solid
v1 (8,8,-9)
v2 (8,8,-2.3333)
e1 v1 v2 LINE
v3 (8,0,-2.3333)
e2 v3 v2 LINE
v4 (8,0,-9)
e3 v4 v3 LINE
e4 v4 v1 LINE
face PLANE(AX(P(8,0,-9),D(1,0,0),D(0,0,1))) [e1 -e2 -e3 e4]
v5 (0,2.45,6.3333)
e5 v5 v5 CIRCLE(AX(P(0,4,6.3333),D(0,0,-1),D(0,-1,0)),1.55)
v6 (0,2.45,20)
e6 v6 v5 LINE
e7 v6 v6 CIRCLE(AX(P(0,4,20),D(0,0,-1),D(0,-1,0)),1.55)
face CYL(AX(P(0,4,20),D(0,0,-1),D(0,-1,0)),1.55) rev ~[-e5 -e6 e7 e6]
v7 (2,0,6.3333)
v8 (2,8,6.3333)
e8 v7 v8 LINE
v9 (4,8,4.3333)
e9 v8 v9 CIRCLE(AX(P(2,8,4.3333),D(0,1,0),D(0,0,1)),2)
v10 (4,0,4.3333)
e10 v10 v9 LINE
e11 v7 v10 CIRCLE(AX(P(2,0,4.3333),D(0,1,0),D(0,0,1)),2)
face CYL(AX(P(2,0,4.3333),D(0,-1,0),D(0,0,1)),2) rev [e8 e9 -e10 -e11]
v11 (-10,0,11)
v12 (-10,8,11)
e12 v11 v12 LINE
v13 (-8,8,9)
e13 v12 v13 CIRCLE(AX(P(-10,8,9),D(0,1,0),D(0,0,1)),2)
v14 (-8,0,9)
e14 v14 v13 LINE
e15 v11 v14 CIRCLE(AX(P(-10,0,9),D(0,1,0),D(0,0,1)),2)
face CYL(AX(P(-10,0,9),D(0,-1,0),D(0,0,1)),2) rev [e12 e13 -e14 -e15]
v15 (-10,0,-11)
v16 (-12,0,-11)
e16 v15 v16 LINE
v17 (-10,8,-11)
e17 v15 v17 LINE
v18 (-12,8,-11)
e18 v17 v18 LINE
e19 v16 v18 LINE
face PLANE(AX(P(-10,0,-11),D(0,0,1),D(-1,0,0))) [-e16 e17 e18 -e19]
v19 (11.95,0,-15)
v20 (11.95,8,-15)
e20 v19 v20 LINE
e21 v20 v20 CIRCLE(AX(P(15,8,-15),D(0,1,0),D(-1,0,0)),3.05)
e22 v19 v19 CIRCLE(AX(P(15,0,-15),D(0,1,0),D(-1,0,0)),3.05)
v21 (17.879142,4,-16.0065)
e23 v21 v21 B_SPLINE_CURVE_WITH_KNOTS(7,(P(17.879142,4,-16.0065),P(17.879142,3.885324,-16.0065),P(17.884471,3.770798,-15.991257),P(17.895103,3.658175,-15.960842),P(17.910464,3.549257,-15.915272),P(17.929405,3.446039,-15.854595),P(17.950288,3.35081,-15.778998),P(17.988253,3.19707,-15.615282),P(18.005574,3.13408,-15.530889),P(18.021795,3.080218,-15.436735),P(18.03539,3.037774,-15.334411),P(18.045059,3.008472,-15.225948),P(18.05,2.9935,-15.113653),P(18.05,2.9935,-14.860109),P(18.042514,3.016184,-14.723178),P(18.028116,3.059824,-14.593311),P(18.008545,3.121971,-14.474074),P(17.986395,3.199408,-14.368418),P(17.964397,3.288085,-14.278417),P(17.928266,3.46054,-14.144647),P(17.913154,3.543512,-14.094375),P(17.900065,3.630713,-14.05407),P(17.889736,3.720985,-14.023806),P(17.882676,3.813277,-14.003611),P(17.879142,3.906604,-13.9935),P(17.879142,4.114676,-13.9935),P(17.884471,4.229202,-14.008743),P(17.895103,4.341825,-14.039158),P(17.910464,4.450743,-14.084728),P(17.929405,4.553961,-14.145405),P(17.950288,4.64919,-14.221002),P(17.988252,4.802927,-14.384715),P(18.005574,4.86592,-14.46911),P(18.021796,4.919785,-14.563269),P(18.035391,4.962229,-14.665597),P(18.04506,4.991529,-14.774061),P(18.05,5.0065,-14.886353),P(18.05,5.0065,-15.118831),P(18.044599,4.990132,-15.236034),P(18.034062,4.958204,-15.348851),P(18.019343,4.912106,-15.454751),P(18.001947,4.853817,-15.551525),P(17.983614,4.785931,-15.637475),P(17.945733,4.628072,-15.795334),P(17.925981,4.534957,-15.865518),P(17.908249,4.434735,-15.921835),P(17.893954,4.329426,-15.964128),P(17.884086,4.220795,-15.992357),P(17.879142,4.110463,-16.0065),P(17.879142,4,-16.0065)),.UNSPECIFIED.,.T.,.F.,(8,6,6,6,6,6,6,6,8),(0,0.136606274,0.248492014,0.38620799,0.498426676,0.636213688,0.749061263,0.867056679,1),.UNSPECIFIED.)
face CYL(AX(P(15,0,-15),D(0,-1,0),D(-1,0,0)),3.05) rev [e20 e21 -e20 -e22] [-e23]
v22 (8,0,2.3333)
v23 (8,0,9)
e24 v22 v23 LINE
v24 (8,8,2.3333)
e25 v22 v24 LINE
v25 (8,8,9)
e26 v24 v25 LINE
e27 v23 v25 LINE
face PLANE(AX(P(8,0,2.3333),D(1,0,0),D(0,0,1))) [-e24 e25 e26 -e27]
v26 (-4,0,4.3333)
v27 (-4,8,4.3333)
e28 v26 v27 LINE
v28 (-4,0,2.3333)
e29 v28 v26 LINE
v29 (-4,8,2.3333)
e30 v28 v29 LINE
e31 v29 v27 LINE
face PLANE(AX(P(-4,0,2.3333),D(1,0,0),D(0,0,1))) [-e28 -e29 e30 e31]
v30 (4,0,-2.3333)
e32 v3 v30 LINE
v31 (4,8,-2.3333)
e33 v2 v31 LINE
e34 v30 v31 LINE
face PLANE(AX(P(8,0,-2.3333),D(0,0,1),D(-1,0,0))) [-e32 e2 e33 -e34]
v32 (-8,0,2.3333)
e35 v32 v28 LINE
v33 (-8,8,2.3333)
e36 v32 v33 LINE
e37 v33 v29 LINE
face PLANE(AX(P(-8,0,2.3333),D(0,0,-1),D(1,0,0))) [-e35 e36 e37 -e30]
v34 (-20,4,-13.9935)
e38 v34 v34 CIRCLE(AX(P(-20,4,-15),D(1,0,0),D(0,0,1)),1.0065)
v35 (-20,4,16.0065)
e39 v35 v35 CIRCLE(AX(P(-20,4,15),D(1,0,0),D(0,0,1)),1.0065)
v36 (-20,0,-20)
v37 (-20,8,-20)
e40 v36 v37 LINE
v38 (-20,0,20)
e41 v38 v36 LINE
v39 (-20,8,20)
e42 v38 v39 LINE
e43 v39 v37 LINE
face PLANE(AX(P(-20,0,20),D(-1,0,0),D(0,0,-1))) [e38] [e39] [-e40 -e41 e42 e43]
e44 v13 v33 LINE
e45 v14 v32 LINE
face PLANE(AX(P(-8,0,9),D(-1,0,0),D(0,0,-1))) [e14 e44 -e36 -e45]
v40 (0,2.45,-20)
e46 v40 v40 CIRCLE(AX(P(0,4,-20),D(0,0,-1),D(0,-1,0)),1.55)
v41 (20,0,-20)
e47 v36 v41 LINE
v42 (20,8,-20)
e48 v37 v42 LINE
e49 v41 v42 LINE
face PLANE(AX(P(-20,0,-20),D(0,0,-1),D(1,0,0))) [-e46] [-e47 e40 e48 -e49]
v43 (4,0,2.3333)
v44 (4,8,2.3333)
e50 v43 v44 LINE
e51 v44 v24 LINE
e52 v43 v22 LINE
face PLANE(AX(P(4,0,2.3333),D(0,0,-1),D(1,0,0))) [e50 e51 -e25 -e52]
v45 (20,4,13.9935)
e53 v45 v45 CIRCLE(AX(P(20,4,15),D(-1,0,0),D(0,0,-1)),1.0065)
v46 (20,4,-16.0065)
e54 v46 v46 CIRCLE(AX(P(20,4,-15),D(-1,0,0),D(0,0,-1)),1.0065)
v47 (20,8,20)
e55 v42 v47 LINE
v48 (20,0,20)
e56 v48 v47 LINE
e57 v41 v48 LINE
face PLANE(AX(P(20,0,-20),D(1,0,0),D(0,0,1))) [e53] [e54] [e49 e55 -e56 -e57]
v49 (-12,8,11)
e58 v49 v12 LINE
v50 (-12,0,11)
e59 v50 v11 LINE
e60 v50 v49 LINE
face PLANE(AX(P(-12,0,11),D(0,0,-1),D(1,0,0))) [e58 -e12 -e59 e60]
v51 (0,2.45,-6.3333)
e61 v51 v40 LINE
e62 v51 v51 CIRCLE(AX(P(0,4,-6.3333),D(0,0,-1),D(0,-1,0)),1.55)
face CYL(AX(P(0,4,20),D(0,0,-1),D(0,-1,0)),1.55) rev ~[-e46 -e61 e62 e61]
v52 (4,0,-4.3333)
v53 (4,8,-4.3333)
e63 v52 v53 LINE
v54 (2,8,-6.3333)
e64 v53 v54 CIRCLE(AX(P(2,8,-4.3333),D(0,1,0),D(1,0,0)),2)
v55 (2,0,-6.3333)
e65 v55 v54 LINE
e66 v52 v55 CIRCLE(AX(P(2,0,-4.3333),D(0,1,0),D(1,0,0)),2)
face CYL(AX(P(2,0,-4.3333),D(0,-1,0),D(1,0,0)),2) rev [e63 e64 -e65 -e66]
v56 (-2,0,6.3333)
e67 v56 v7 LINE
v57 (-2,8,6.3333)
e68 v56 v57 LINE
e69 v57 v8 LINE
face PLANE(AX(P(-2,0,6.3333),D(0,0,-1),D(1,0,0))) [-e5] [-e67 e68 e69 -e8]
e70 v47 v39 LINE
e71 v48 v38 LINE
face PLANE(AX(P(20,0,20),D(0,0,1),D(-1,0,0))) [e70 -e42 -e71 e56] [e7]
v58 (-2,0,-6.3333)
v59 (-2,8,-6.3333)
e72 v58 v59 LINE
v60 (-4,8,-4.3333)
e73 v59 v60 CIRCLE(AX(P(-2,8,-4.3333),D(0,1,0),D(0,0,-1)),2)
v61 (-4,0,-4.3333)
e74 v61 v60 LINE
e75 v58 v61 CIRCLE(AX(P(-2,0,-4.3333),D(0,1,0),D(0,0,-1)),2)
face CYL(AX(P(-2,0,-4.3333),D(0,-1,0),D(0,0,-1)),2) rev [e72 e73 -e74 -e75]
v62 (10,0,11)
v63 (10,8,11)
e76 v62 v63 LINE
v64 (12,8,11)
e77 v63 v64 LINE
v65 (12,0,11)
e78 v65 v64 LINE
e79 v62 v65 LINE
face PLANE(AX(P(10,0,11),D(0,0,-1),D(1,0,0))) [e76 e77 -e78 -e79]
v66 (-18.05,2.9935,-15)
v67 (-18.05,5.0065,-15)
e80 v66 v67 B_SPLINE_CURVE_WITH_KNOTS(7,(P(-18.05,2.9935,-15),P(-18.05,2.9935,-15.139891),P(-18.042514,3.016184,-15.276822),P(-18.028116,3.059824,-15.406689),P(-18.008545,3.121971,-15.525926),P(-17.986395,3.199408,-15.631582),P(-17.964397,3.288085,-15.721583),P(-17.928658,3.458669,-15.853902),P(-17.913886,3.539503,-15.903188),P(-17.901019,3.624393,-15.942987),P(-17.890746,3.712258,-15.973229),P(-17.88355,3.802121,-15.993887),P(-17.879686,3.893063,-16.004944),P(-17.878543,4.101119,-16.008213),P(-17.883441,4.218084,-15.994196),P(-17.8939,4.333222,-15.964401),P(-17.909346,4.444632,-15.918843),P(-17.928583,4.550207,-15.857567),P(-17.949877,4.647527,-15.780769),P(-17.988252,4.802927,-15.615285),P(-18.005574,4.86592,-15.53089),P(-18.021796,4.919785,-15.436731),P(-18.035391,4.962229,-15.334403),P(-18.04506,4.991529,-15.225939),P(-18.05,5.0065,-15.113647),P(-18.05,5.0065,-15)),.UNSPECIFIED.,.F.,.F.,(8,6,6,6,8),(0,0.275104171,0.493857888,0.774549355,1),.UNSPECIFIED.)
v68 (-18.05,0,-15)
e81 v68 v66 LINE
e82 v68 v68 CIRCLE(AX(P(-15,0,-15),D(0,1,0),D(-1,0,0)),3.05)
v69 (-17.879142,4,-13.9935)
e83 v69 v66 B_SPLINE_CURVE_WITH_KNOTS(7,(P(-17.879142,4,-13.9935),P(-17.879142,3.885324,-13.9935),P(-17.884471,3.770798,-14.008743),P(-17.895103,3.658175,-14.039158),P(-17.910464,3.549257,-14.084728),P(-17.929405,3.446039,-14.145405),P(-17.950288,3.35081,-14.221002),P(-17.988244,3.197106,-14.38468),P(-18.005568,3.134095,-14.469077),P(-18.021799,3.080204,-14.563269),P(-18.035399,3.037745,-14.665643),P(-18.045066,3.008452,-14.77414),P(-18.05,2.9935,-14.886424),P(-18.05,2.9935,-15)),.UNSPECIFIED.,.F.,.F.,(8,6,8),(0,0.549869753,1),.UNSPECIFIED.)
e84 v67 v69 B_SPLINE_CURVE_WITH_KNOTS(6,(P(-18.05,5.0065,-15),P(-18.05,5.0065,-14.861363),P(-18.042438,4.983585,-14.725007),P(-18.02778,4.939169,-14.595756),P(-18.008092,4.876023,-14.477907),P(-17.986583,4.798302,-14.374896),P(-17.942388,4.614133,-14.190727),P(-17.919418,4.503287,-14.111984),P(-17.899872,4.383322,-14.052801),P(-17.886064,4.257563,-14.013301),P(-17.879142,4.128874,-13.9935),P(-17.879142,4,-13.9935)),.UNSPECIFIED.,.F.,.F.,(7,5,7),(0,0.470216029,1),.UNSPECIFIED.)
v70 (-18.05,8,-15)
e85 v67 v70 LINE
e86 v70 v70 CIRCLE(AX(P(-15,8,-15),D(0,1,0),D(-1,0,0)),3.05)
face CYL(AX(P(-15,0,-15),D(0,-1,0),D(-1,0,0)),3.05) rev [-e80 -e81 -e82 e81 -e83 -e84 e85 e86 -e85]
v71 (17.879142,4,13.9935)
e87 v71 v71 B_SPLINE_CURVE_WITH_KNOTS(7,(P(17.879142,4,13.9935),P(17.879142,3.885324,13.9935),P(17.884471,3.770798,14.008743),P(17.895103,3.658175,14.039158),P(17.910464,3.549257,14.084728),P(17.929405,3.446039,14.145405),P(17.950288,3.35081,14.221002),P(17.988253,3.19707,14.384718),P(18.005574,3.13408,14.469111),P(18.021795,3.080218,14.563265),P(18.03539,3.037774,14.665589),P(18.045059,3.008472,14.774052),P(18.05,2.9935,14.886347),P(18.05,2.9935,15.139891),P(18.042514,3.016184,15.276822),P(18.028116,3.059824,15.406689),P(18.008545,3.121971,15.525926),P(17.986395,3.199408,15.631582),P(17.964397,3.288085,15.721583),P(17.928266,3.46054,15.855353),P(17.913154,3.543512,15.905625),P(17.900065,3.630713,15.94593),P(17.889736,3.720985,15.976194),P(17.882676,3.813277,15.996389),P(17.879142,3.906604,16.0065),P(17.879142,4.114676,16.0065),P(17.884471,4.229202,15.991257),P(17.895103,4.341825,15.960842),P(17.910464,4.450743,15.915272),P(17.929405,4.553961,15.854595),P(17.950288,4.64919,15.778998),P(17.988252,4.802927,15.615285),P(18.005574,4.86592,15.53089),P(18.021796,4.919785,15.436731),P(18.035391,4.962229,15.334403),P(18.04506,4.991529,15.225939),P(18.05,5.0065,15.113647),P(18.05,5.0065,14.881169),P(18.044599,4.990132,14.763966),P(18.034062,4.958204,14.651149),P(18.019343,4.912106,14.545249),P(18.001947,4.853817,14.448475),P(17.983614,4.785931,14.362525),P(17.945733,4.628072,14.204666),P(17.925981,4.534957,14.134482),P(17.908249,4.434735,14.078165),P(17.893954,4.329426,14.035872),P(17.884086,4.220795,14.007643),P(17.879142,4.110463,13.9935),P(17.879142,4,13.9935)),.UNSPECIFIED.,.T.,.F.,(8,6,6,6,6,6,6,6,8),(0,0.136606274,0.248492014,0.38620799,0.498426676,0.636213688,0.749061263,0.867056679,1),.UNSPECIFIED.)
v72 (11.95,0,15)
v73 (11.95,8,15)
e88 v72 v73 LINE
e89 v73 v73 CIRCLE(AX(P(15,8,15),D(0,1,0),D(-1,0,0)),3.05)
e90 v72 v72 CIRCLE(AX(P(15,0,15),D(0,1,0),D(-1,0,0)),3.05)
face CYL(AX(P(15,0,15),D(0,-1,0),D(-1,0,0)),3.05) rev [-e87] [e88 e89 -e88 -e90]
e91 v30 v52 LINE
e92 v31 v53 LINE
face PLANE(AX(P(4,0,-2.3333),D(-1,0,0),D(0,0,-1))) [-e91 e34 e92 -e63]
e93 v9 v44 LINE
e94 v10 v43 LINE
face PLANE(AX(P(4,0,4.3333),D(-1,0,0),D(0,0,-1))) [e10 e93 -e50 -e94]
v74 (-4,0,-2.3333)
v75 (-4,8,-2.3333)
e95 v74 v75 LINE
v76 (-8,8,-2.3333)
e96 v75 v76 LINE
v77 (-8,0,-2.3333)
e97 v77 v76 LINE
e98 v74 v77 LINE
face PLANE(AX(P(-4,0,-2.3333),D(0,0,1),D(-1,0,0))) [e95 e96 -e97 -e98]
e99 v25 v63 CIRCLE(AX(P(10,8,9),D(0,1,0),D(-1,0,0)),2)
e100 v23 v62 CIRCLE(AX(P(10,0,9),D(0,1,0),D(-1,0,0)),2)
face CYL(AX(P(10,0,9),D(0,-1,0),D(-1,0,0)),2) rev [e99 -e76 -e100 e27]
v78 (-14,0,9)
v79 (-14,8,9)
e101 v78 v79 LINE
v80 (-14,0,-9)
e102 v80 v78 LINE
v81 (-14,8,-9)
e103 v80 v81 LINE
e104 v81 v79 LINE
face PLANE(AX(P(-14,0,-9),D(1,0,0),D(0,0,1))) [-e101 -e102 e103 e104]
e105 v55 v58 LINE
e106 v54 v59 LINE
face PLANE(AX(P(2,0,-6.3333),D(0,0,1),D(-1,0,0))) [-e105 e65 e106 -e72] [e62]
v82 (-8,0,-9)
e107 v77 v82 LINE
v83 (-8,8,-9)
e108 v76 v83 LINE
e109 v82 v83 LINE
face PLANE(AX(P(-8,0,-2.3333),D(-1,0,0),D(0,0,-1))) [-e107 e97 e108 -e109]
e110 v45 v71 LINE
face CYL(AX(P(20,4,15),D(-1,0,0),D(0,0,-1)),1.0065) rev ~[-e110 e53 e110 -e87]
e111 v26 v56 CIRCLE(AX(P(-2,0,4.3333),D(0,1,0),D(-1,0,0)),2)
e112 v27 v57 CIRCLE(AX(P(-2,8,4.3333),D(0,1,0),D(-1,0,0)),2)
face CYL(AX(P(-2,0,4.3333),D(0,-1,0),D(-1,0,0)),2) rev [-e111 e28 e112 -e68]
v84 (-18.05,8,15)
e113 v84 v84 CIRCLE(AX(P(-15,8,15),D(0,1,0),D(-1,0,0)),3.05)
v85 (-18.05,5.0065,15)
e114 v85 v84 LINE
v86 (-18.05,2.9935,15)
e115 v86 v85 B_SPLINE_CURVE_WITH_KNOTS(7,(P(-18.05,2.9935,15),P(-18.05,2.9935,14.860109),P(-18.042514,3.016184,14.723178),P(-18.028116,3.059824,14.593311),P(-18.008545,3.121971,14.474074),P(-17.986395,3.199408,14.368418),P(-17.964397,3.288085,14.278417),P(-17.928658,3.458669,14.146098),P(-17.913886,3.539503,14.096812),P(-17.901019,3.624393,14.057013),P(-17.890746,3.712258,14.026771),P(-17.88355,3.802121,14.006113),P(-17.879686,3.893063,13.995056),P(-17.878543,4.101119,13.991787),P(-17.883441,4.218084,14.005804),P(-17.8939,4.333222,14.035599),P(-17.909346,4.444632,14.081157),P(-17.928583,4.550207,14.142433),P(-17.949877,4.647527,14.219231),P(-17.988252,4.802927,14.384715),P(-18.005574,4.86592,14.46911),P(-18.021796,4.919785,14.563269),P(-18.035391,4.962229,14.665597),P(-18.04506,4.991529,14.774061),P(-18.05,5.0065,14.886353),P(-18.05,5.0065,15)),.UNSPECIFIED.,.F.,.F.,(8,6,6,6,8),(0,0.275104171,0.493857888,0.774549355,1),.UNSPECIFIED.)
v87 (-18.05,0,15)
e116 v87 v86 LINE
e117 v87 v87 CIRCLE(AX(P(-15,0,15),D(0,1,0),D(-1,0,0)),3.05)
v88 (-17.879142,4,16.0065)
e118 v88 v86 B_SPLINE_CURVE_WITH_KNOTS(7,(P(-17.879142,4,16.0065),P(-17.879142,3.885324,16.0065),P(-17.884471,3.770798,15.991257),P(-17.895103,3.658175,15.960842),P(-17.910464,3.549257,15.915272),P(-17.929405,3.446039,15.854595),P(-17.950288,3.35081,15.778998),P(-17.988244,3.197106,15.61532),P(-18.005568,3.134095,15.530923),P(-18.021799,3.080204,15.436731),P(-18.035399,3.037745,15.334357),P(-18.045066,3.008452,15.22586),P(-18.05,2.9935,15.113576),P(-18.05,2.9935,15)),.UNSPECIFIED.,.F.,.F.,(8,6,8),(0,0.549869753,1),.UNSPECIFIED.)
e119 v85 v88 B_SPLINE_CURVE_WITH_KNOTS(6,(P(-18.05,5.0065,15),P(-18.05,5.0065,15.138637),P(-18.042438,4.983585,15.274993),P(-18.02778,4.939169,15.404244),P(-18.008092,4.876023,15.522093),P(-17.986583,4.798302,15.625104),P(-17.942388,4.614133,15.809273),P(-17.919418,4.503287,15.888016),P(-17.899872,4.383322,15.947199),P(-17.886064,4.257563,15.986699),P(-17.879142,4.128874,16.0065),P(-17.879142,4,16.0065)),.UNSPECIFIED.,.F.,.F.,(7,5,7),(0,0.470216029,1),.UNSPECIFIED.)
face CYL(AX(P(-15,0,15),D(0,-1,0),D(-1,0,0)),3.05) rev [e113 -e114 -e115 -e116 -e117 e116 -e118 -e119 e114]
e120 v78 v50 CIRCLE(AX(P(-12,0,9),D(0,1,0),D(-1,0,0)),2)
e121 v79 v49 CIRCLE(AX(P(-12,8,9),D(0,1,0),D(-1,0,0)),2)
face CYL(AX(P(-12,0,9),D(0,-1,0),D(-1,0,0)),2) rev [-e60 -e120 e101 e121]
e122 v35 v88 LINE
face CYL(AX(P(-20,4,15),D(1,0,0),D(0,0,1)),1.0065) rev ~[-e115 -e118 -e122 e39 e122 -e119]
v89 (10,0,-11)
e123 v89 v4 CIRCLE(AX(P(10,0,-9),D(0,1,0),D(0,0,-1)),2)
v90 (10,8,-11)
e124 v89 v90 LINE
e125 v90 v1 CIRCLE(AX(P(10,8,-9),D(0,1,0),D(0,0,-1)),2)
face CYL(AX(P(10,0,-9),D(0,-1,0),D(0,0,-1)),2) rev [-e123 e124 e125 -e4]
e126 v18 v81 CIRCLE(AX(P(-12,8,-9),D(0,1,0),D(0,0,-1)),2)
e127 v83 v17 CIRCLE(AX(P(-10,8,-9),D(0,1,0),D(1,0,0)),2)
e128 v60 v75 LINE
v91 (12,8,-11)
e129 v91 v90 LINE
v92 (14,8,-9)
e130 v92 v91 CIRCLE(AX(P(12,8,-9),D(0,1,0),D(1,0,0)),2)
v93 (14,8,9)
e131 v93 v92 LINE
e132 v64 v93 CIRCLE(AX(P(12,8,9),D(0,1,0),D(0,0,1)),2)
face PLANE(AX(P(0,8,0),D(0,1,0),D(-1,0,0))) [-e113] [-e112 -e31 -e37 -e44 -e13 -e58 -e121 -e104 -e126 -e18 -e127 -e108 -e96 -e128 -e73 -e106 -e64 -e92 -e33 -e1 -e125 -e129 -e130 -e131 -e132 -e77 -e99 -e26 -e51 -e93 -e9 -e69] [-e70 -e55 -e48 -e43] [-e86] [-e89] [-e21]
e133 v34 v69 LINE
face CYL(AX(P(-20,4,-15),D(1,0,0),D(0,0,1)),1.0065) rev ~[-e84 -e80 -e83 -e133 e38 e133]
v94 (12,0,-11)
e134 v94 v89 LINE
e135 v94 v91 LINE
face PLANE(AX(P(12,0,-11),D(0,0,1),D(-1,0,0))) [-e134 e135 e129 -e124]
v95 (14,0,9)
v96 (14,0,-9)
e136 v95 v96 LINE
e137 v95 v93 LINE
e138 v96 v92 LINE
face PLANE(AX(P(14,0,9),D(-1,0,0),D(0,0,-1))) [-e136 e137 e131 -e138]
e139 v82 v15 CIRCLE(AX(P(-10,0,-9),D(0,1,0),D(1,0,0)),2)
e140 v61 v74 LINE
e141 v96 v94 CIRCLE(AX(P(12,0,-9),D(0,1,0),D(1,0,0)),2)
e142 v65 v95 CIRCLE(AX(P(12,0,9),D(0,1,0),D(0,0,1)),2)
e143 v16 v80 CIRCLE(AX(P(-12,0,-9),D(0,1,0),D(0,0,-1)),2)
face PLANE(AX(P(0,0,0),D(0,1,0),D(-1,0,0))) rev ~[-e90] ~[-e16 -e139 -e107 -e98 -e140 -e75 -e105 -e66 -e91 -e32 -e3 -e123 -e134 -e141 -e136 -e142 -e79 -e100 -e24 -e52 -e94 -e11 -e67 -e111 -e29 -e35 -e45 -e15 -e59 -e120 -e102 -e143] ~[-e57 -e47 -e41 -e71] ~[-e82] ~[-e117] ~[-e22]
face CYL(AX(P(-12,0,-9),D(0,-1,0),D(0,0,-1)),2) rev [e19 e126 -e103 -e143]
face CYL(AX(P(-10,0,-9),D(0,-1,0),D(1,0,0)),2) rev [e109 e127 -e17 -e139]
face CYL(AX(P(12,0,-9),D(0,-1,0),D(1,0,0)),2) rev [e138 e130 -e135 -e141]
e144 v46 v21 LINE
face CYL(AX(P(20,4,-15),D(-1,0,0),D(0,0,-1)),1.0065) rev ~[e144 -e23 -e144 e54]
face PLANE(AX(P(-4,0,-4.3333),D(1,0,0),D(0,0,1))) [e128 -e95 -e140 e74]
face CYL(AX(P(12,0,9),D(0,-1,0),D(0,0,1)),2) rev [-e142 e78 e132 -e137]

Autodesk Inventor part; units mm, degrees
ref_plane "YZ Plane" through (0, 0, 0) normal (1, 0, 0) x (0, 1, 0)
ref_plane "XZ Plane" through (0, 0, 0) normal (0, 1, 0) x (-1, 0, 0)
ref_plane "XY Plane" through (0, 0, 0) normal (0, 0, 1) x (1, 0, 0)
sketch "Sketch1" plane through (0, 0, 0) normal (0, 1, 0) x (-1, 0, 0)
  line L0 (20, 20) -> (20, -20)
  line L1 (20, -20) -> (-20, -20)
  line L2 (-20, -20) -> (-20, 20)
  line L3 (-20, 20) -> (20, 20)
  line L4 (-15, 15) -> (-15, -15) construction
  line L5 (-15, -15) -> (15, -15) construction
  line L6 (15, -15) -> (15, 15) construction
  line L7 (15, 15) -> (-15, 15) construction
  circle A0 centre (15, 15) radius 3.05
  circle A1 centre (15, -15) radius 3.05
  circle A2 centre (-15, -15) radius 3.05
  circle A3 centre (-15, 15) radius 3.05
  line L8 (0, 0) -> (-18.5703, 0) construction
  line L9 (-8, 2.3333) -> (-8, 9)
  line L10 (-10, 11) -> (-12, 11)
  line L11 (-14, 9) -> (-14, -9)
  line L12 (-12, -11) -> (-10, -11)
  line L13 (-8, -9) -> (-8, -2.3333)
  line L14 (8, -2.3333) -> (8, -9)
  line L15 (10, -11) -> (12, -11)
  line L16 (14, -9) -> (14, 9)
  line L17 (12, 11) -> (10, 11)
  line L18 (8, 9) -> (8, 2.3333)
  line L19 (0, 0) -> (0, 18.05) construction
  line L20 (0, 0) -> (-18.05, 0) construction
  arc A4 (-12, 11) -> (-14, 9) centre (-12, 9) ccw
  arc A5 (-8, 9) -> (-10, 11) centre (-10, 9) ccw
  arc A6 (-10, -11) -> (-8, -9) centre (-10, -9) ccw
  arc A7 (-14, -9) -> (-12, -11) centre (-12, -9) ccw
  arc A8 (8, -9) -> (10, -11) centre (10, -9) ccw
  arc A9 (12, -11) -> (14, -9) centre (12, -9) ccw
  arc A10 (14, 9) -> (12, 11) centre (12, 9) ccw
  arc A11 (10, 11) -> (8, 9) centre (10, 9) ccw
  line L21 (8, 2.3333) -> (4, 2.3333)
  line L22 (4, 2.3333) -> (4, 4.3333)
  line L23 (2, 6.3333) -> (-2, 6.3333)
  line L24 (-4, 4.3333) -> (-4, 2.3333)
  line L25 (-4, 2.3333) -> (-8, 2.3333)
  line L26 (-8, -2.3333) -> (-4, -2.3333)
  line L27 (-4, -2.3333) -> (-4, -4.3333)
  line L28 (-2, -6.3333) -> (2, -6.3333)
  line L29 (4, -4.3333) -> (4, -2.3333)
  line L30 (4, -2.3333) -> (8, -2.3333)
  arc A12 (4, 4.3333) -> (2, 6.3333) centre (2, 4.3333) ccw
  arc A13 (-2, 6.3333) -> (-4, 4.3333) centre (-2, 4.3333) ccw
  arc A14 (-4, -4.3333) -> (-2, -6.3333) centre (-2, -4.3333) ccw
  arc A15 (2, -6.3333) -> (4, -4.3333) centre (2, -4.3333) ccw
  point P0 (-8, 11)
  point P1 (-14, 11)
  point P2 (-8, -11)
  point P3 (8, -11)
  point P4 (14, -11)
  point P5 (8, 11)
  point P6 (4, 6.3333)
  point P7 (-4, 6.3333)
  point P8 (-4, -6.3333)
  point P9 (4, -6.3333)
  dimension "d0" = 40
  dimension "d1" = 40
  dimension "d2" = 30
  dimension "d3" = 6.1
  dimension "d53" = 20
  dimension "d54" = 15
  dimension "d57" = 8
  dimension "d58" = 16
  dimension "d59" = 22
  dimension "d60" = 6
  dimension "d61" = 2
  dimension "d96" = 4.6667
  dimension "d97" = 2.3333
  dimension "d98" = 4
  dimension "d99" = 8
  dimension "d100" = 8
  dimension "d101" = 4
  dimension "d102" = 2
extrude "Extrusion5" add sketch "Sketch1" along normal blind 8
sketch "Sketch8" plane through (-20, 0, 20) normal (0, 0, 1) x (1, 0, 0)
  circle A0 centre (20, 4) radius 1.5
  line L0 (40, 0) -> (0, 0) projected
  point P0 (20, 0)
  dimension "d103" = 3
  dimension "d104" = 4
sketch "Sketch9" plane through (20, 0, 20) normal (1, 0, 0) x (0, 0, -1)
  line L0 (40, 0) -> (0, 0) projected
  line L1 (40, 0) -> (40, 8) projected
  line L2 (0, 8) -> (40, 8) projected
  line L3 (0, 0) -> (0, 8) projected
  point P0 (20, 0)
  point P1 (5, 4)
  point P2 (35, 4)
  dimension "d107" = 5
  dimension "d108" = 5
  dimension "d109" = 4
  dimension "d110" = 4
hole "Hole1" at (20, 4, 15) at (20, 4, -15) direction (-1, 0, 0) diameter 2.013 depth 5 tip angle 118 thread size "M2.5x0.45" class "6H" standard "ISO Metric profile"
sketch "Sketch10" plane through (-20, 0, -20) normal (-1, 0, 0) x (0, 0, 1)
  circle A0 centre (35, 4) radius 1.0065 projected
  circle A1 centre (5, 4) radius 1.0065 projected
  point P0 (20, 0)
  point P1 (33.9935, 4)
  point P2 (3.9935, 4)
hole "Hole2" at (-20, 4, 15) at (-20, 4, -15) direction (1, 0, 0) diameter 2.013 depth 5 tip angle 118 thread size "M2.5x0.45" class "6H" standard "ISO Metric profile"
hole "Hole3" at (0, 4, 20) direction (0, 0, -1) diameter 3.1 end through all
equation "\"d1\" = d0"
properties part number "HolderThin2"
